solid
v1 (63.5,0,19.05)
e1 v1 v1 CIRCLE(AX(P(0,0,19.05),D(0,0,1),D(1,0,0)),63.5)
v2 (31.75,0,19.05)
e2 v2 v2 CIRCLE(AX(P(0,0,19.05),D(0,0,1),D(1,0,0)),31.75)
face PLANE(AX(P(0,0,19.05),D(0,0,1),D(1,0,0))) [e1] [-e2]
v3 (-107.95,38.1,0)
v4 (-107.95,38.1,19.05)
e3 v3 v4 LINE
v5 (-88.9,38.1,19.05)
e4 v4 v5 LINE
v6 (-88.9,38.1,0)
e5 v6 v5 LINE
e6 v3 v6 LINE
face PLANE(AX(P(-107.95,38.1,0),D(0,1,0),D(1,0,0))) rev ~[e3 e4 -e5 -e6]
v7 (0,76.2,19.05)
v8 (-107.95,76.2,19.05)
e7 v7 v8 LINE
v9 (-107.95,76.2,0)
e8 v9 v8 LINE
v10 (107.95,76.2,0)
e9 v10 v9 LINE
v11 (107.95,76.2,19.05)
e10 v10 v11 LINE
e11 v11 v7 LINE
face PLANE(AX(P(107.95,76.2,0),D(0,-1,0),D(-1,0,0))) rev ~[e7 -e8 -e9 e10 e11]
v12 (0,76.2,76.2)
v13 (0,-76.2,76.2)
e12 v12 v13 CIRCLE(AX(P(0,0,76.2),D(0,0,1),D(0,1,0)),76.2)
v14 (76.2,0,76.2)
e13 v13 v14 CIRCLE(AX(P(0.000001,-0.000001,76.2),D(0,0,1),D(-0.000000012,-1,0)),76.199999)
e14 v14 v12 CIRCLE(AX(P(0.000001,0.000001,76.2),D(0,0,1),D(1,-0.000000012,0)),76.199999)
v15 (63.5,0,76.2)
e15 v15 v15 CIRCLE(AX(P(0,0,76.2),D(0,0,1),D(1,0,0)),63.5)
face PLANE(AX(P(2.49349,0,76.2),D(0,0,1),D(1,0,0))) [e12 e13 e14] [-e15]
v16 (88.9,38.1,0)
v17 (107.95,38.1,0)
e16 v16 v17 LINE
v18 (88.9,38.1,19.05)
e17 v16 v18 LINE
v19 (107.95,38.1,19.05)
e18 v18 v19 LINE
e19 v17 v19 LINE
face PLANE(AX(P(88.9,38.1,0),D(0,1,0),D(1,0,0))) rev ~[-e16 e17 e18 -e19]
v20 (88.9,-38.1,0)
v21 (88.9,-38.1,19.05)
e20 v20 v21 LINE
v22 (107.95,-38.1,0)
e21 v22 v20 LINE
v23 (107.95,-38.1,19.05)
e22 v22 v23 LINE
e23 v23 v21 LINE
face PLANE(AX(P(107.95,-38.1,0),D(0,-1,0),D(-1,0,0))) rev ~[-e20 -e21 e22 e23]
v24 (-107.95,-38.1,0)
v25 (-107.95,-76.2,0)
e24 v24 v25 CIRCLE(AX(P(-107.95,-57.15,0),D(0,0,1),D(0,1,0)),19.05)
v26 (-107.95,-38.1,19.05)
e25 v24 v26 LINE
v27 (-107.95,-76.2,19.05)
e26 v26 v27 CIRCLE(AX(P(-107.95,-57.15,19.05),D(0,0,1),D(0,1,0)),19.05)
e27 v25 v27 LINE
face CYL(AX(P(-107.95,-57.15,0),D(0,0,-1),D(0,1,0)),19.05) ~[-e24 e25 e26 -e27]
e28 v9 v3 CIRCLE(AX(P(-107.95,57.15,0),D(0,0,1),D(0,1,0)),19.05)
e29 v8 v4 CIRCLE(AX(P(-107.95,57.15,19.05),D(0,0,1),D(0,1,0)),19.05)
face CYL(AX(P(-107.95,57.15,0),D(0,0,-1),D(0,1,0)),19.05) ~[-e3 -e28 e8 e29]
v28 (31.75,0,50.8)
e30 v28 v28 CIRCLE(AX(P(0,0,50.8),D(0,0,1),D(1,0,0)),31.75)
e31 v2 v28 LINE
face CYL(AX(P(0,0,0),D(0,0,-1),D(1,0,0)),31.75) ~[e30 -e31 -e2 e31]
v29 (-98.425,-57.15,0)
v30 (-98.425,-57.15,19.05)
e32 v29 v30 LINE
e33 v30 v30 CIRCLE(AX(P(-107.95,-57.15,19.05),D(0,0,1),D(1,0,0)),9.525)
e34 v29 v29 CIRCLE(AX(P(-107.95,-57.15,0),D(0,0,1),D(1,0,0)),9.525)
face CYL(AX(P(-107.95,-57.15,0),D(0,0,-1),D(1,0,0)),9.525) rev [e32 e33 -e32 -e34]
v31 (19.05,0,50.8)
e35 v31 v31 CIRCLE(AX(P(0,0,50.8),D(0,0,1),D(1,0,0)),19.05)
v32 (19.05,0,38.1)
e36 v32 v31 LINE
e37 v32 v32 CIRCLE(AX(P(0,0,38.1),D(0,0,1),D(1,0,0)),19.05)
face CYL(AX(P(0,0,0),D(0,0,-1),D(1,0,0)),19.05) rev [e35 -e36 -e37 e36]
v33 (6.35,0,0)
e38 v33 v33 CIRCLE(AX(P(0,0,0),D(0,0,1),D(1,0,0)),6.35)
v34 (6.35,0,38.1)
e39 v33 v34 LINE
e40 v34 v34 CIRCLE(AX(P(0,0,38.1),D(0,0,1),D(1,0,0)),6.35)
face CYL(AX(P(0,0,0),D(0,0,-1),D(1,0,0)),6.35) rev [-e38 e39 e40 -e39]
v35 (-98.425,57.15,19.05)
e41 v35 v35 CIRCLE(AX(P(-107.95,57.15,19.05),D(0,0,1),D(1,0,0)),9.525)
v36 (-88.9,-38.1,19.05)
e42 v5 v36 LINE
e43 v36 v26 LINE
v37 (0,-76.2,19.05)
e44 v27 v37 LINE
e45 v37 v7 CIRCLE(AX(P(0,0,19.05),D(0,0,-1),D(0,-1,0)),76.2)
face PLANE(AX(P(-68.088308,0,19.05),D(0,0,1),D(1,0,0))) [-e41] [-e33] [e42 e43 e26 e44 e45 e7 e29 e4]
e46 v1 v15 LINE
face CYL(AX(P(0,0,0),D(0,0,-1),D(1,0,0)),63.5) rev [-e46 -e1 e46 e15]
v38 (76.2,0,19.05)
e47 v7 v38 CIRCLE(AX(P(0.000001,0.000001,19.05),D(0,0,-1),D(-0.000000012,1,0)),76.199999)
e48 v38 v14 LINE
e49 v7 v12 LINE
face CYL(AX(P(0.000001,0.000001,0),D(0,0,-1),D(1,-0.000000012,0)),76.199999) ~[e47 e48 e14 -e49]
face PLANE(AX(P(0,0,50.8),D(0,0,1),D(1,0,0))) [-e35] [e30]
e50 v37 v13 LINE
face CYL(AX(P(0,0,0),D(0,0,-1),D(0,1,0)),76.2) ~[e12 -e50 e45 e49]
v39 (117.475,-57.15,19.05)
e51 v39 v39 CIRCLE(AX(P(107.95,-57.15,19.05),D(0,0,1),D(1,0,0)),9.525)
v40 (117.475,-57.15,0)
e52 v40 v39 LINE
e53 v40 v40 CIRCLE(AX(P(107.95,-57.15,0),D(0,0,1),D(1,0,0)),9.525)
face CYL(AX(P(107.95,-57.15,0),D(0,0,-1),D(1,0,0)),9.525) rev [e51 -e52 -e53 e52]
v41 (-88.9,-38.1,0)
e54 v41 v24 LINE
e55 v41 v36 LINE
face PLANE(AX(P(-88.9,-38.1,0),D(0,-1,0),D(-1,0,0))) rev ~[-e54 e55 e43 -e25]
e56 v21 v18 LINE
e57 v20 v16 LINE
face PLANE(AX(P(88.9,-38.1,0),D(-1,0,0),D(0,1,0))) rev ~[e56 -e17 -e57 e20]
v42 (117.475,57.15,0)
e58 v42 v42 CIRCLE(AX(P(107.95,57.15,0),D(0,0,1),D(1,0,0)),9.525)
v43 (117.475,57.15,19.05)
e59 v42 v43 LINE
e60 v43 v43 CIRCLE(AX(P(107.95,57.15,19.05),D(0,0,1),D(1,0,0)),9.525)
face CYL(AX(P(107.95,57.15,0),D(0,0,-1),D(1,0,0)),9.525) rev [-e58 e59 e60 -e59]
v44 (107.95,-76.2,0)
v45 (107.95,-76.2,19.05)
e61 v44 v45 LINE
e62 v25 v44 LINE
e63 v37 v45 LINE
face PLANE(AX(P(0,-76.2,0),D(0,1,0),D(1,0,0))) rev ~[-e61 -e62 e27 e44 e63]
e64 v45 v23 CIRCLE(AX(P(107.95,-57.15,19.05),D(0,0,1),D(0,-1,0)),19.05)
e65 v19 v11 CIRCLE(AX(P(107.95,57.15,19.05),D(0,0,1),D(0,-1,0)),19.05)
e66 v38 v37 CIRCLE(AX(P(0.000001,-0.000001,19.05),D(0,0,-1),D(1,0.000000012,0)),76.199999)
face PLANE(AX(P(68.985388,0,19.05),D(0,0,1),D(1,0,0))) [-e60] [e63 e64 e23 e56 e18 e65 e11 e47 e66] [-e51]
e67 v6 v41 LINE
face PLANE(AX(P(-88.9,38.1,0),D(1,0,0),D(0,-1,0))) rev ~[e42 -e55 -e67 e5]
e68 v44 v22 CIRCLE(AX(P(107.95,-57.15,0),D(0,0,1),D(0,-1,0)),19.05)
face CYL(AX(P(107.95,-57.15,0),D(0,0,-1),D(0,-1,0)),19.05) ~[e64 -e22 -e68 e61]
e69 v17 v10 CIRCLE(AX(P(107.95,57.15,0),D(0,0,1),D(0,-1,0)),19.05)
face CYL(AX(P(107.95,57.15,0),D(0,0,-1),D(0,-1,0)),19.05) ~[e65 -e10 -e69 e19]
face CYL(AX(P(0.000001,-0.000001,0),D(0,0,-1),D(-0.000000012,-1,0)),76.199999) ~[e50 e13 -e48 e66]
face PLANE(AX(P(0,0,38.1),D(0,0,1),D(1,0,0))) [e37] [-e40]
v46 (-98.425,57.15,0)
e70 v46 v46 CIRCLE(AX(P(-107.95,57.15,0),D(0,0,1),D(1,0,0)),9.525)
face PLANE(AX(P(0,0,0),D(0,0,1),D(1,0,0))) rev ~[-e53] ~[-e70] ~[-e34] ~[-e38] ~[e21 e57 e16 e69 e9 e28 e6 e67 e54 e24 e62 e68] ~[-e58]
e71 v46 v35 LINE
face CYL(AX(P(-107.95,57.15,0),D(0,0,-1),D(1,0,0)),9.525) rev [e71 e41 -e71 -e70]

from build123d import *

# Parameters (mm, degrees)
F0_R     = 9.525
F1_DEPTH = 19.05
F0_R_2   = 63.5
F2_DEPTH = 76.2
F0_R_3   = 31.75
F3_DEPTH = 19.05
F0_R_4   = 19.05
F4_DEPTH = 50.8
F0_R_5   = 6.35
F5_DEPTH = 38.1


with BuildPart() as f1:
    # F0 (on Top) → F1 (new body)
    with BuildSketch(Plane.XY):
        with BuildLine():
            ThreePointArc((0, -76.2), (-76.2, 0), (0, 76.2))
            Line((0, 76.2), (-107.95, 76.2))
            ThreePointArc((-107.95, 76.2), (-127, 57.15), (-107.95, 38.1))
            Line((-107.95, 38.1), (-88.9, 38.1))
            Line((-88.9, 38.1), (-88.9, -38.1))
            Line((-88.9, -38.1), (-107.95, -38.1))
            ThreePointArc((-107.95, -38.1), (-127, -57.15), (-107.95, -76.2))
            Line((-107.95, -76.2), (0, -76.2))
        make_face()
        with Locations((-107.95, -57.15)):
            Circle(F0_R, mode=Mode.SUBTRACT)
        with Locations((-107.95, 57.15)):
            Circle(F0_R, mode=Mode.SUBTRACT)
        with BuildLine():
            ThreePointArc((0, 76.2), (53.881537, 53.881537), (76.2, 0))
            ThreePointArc((76.2, 0), (53.881537, -53.881537), (0, -76.2))
            Line((0, -76.2), (107.95, -76.2))
            ThreePointArc((107.95, -76.2), (127, -57.15), (107.95, -38.1))
            Line((107.95, -38.1), (88.9, -38.1))
            Line((88.9, -38.1), (88.9, 38.1))
            Line((88.9, 38.1), (107.95, 38.1))
            ThreePointArc((107.95, 38.1), (127, 57.15), (107.95, 76.2))
            Line((107.95, 76.2), (0, 76.2))
        make_face()
        with Locations((107.95, -57.15)):
            Circle(F0_R, mode=Mode.SUBTRACT)
        with Locations((107.95, 57.15)):
            Circle(F0_R, mode=Mode.SUBTRACT)
    extrude(amount=F1_DEPTH)

    # F0 (on Top) → F2 (join)
    with BuildSketch(Plane.XY):
        with BuildLine():
            ThreePointArc((0, -76.2), (53.881537, -53.881537), (76.2, 0))
            ThreePointArc((76.2, 0), (53.881537, 53.881537), (0, 76.2))
            ThreePointArc((0, 76.2), (-76.2, 0), (0, -76.2))
        make_face()
        Circle(F0_R_2, mode=Mode.SUBTRACT)
    extrude(amount=F2_DEPTH)

    # F0 (on Top) → F3 (join)
    with BuildSketch(Plane.XY):
        Circle(F0_R_2)
        Circle(F0_R_3, mode=Mode.SUBTRACT)
    extrude(amount=F3_DEPTH)

    # F0 (on Top) → F4 (join)
    with BuildSketch(Plane.XY):
        Circle(F0_R_3)
        Circle(F0_R_4, mode=Mode.SUBTRACT)
    extrude(amount=F4_DEPTH)

    # F0 (on Top) → F5 (join)
    with BuildSketch(Plane.XY):
        Circle(F0_R_4)
        Circle(F0_R_5, mode=Mode.SUBTRACT)
    extrude(amount=F5_DEPTH)


solid = f1.part
